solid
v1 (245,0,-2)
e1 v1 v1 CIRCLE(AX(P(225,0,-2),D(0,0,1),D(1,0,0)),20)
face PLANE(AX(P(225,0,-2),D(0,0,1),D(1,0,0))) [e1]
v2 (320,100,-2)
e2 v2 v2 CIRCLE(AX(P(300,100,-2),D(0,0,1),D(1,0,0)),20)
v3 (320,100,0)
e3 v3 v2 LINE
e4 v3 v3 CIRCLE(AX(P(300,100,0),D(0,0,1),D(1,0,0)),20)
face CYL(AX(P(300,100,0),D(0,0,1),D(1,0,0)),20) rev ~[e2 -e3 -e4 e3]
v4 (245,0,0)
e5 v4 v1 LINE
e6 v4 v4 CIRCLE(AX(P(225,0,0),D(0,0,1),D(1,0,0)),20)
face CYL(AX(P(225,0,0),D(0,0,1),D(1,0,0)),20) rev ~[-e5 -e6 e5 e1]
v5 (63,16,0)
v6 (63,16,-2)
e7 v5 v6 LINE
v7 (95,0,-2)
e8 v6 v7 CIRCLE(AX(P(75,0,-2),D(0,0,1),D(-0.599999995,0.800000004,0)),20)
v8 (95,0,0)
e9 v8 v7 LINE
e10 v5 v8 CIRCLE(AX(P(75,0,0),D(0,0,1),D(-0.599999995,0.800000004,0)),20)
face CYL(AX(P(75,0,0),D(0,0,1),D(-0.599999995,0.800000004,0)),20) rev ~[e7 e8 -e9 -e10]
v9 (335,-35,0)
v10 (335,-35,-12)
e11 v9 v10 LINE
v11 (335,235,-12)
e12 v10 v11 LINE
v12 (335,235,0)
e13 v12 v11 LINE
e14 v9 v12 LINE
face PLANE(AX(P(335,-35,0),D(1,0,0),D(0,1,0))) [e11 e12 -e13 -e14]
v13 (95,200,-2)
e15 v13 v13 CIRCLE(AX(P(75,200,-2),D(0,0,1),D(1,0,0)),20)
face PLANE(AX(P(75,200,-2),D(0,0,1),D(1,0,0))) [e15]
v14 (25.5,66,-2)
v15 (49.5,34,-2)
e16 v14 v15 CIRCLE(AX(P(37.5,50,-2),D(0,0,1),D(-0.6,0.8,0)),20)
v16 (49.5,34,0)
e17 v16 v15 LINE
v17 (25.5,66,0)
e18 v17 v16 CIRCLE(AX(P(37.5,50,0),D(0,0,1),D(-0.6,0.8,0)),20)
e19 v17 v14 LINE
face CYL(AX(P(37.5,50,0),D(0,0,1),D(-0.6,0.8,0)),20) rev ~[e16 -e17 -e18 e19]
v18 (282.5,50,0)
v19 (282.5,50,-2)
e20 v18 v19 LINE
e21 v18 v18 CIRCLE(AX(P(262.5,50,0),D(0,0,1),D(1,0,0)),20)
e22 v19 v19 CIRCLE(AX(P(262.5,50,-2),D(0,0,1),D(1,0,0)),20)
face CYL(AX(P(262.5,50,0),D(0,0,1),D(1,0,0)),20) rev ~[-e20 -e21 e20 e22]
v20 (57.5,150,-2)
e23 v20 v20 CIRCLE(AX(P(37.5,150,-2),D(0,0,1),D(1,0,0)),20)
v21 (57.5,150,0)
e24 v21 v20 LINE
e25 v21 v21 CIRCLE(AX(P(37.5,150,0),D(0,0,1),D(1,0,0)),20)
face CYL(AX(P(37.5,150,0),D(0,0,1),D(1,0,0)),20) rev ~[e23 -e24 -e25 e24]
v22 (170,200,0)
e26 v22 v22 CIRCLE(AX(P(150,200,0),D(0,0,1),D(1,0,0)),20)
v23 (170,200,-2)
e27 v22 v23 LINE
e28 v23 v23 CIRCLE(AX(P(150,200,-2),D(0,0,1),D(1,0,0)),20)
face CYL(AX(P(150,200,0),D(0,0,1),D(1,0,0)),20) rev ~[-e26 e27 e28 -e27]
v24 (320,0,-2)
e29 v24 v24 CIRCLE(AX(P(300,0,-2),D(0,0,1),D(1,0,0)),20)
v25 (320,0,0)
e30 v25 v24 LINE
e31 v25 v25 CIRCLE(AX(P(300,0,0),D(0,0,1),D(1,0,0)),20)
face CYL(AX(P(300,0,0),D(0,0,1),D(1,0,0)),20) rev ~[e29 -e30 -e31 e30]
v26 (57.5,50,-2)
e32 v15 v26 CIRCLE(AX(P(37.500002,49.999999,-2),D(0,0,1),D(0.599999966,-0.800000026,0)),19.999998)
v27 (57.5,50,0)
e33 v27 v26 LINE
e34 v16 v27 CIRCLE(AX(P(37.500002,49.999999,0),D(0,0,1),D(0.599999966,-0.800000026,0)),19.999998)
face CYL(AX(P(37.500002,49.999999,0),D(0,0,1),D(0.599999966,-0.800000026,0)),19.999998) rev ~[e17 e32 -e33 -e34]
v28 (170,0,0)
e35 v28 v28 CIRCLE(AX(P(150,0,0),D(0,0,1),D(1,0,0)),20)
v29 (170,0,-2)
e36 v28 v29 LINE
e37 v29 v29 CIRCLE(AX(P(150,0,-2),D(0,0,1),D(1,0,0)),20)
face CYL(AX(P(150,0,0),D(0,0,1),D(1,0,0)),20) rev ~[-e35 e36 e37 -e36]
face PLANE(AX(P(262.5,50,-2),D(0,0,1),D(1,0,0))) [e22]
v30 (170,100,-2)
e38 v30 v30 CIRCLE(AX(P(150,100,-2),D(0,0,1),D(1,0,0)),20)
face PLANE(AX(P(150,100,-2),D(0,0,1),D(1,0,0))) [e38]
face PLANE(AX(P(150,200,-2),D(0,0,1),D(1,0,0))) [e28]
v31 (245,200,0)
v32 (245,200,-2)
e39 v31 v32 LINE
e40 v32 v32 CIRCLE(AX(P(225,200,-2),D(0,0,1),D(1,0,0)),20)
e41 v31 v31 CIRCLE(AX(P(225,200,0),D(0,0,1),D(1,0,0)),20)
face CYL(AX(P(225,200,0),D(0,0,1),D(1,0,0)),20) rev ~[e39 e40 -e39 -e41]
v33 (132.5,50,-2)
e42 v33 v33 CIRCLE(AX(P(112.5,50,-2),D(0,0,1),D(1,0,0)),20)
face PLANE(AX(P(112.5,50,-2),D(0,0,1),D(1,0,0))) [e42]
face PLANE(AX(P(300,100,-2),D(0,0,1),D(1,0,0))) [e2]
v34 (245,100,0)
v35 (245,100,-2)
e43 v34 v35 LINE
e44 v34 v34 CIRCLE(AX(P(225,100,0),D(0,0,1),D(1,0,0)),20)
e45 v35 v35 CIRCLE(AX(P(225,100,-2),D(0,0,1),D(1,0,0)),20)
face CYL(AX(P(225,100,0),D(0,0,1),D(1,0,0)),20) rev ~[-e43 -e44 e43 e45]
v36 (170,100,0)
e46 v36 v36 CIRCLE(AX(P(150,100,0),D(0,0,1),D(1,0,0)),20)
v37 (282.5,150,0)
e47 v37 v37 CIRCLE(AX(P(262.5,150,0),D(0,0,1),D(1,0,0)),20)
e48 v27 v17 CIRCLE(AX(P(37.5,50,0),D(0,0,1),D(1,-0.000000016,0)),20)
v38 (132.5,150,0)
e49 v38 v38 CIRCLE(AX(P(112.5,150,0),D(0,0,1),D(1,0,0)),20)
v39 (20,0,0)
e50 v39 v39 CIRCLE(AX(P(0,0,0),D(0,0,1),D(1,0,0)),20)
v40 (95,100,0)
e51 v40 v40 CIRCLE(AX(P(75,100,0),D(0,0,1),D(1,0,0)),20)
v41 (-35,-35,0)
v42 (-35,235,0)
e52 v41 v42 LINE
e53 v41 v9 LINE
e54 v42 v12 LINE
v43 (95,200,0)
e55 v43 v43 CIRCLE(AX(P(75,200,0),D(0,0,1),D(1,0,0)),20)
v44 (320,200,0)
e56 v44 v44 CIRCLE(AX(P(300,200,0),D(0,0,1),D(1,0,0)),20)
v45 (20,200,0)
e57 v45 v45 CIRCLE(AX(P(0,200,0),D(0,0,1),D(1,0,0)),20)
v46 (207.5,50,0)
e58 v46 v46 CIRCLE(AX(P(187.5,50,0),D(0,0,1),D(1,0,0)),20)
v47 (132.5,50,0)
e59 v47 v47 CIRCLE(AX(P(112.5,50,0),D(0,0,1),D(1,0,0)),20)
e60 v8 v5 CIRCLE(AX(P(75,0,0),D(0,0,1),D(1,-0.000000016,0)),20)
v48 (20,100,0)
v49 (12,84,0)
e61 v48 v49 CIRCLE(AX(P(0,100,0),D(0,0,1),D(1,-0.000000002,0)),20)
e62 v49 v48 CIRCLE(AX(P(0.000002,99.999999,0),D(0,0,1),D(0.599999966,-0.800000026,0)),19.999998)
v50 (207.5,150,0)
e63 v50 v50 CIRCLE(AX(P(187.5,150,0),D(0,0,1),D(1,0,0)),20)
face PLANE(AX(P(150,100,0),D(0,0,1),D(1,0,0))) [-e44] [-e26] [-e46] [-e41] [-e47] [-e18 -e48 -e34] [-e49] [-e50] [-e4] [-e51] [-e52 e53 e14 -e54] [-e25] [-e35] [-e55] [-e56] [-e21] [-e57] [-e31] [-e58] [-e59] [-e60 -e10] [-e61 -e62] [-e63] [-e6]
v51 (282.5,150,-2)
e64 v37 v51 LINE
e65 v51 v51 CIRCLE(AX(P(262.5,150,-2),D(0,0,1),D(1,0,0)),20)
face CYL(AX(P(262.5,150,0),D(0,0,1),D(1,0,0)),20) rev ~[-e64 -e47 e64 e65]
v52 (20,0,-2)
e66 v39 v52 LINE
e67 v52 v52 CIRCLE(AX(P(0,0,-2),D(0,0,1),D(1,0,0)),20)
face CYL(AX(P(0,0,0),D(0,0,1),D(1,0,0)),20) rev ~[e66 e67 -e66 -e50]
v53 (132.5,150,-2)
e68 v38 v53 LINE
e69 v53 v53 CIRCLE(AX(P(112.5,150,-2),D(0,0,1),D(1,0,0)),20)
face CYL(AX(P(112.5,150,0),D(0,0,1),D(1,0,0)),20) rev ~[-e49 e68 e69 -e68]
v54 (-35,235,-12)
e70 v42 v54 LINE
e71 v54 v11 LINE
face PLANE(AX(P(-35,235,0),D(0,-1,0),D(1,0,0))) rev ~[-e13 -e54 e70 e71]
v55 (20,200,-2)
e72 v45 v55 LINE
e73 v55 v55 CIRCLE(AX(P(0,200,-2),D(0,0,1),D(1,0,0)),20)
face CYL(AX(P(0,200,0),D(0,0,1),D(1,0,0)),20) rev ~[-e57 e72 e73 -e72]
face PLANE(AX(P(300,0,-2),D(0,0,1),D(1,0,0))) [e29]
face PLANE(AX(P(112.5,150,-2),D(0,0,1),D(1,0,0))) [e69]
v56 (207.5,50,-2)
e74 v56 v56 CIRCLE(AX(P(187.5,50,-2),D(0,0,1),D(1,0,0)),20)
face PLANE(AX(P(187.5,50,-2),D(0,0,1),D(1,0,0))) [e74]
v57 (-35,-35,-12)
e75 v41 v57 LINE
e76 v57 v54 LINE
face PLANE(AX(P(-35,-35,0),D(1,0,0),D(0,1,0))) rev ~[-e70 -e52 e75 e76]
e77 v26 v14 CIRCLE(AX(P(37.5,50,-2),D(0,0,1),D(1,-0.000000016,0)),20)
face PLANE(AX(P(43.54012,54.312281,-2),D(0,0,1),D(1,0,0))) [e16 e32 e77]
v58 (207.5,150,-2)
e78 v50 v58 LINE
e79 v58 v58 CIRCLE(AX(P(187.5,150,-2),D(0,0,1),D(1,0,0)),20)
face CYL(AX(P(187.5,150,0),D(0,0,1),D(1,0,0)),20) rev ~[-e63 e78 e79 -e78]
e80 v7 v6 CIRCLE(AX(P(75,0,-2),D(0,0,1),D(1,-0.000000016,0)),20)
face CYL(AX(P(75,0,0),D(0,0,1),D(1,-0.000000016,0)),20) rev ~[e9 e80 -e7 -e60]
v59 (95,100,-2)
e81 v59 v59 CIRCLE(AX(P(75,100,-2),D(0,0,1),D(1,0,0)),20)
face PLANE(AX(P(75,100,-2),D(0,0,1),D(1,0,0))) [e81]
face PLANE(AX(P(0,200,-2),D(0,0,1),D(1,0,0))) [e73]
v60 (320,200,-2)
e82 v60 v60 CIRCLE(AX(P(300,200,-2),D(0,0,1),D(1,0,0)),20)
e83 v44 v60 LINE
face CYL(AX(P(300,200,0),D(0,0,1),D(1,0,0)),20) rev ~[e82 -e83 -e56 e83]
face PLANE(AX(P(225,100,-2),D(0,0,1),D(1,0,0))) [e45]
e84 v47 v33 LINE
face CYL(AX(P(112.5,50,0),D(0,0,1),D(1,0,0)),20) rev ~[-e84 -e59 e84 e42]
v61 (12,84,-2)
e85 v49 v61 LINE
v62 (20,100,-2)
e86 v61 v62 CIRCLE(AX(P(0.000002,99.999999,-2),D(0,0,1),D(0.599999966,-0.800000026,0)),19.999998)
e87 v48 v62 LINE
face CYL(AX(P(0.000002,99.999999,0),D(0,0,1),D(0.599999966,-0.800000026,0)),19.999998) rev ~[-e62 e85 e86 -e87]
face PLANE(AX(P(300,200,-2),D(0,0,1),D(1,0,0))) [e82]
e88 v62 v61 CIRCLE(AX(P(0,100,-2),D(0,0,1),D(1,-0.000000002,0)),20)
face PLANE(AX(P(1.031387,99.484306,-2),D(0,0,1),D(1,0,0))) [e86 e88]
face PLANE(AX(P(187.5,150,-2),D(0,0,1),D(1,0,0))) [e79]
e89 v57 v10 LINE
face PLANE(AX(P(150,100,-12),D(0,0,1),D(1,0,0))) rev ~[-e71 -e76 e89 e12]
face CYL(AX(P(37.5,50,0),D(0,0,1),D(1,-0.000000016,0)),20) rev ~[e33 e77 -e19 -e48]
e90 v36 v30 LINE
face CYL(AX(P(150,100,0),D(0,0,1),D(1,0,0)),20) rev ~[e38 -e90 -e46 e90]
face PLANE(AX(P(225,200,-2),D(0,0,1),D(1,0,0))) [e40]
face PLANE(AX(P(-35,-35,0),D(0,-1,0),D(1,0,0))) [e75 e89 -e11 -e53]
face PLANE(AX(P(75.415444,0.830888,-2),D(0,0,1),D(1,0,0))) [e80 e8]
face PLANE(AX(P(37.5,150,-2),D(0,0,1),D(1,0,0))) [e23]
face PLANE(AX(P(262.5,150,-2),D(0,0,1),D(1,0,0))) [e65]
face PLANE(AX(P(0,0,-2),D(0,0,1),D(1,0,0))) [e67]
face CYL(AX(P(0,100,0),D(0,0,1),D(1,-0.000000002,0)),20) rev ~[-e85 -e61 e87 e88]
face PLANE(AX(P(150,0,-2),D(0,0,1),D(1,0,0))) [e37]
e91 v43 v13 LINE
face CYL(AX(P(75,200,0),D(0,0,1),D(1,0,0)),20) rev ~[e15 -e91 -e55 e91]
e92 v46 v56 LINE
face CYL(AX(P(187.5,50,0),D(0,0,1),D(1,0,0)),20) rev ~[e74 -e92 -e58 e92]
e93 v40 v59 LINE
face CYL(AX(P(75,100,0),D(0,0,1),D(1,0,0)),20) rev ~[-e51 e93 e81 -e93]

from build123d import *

# Parameters (mm, degrees)
F0_R     = 20
F1_DEPTH = 2
F2_W     = 370
F2_H     = 270
F3_DEPTH = 12


with BuildPart() as f1:
    # F0 (on Top) → F1 (new body)
    with BuildSketch(Plane.XY):
        with Locations((0, 200)):
            Circle(F0_R)
        with Locations((75, 200)):
            Circle(F0_R)
        with Locations((150, 200)):
            Circle(F0_R)
        with Locations((225, 200)):
            Circle(F0_R)
        with Locations((300, 200)):
            Circle(F0_R)
        with Locations((262.5, 150)):
            Circle(F0_R)
        with Locations((300, 100)):
            Circle(F0_R)
        with Locations((300, 0)):
            Circle(F0_R)
        with Locations((187.5, 150)):
            Circle(F0_R)
        with Locations((112.5, 150)):
            Circle(F0_R)
        with Locations((37.5, 150)):
            Circle(F0_R)
        with BuildLine():
            ThreePointArc((12, 84), (17.888544, 91.055728), (20, 100))
            ThreePointArc((20, 100), (-17.888544, 108.944272), (12, 84))
        make_face()
        with Locations((75, 100)):
            Circle(F0_R)
        with Locations((150, 100)):
            Circle(F0_R)
        with Locations((225, 100)):
            Circle(F0_R)
        with Locations((262.5, 50)):
            Circle(F0_R)
        with Locations((187.5, 50)):
            Circle(F0_R)
        with Locations((225, 0)):
            Circle(F0_R)
        with Locations((150, 0)):
            Circle(F0_R)
        with Locations((112.5, 50)):
            Circle(F0_R)
        with BuildLine():
            ThreePointArc((57.5, 50), (46.444272, 67.888544), (25.5, 66))
            Line((25.5, 66), (49.5, 34))
            ThreePointArc((49.5, 34), (55.388544, 41.055728), (57.5, 50))
        make_face()
        Circle(F0_R)
        with BuildLine():
            ThreePointArc((95, 0), (83.944272, 17.888544), (63, 16))
            ThreePointArc((63, 16), (66.055728, -17.888544), (95, 0))
        make_face()
        with BuildLine():
            Line((49.5, 34), (25.5, 66))
            ThreePointArc((25.5, 66), (21.5, 38), (49.5, 34))
        make_face()
    extrude(amount=-F1_DEPTH)


with BuildPart() as f3:
    # F2 (on Top) → F3 (new body)
    with BuildSketch(Plane.XY):
        with Locations((150, 100)):
            Rectangle(F2_W, F2_H)
    extrude(amount=-F3_DEPTH)

    # F4: cut F1
    add(f1.part, mode=Mode.SUBTRACT)


solid = f3.part
